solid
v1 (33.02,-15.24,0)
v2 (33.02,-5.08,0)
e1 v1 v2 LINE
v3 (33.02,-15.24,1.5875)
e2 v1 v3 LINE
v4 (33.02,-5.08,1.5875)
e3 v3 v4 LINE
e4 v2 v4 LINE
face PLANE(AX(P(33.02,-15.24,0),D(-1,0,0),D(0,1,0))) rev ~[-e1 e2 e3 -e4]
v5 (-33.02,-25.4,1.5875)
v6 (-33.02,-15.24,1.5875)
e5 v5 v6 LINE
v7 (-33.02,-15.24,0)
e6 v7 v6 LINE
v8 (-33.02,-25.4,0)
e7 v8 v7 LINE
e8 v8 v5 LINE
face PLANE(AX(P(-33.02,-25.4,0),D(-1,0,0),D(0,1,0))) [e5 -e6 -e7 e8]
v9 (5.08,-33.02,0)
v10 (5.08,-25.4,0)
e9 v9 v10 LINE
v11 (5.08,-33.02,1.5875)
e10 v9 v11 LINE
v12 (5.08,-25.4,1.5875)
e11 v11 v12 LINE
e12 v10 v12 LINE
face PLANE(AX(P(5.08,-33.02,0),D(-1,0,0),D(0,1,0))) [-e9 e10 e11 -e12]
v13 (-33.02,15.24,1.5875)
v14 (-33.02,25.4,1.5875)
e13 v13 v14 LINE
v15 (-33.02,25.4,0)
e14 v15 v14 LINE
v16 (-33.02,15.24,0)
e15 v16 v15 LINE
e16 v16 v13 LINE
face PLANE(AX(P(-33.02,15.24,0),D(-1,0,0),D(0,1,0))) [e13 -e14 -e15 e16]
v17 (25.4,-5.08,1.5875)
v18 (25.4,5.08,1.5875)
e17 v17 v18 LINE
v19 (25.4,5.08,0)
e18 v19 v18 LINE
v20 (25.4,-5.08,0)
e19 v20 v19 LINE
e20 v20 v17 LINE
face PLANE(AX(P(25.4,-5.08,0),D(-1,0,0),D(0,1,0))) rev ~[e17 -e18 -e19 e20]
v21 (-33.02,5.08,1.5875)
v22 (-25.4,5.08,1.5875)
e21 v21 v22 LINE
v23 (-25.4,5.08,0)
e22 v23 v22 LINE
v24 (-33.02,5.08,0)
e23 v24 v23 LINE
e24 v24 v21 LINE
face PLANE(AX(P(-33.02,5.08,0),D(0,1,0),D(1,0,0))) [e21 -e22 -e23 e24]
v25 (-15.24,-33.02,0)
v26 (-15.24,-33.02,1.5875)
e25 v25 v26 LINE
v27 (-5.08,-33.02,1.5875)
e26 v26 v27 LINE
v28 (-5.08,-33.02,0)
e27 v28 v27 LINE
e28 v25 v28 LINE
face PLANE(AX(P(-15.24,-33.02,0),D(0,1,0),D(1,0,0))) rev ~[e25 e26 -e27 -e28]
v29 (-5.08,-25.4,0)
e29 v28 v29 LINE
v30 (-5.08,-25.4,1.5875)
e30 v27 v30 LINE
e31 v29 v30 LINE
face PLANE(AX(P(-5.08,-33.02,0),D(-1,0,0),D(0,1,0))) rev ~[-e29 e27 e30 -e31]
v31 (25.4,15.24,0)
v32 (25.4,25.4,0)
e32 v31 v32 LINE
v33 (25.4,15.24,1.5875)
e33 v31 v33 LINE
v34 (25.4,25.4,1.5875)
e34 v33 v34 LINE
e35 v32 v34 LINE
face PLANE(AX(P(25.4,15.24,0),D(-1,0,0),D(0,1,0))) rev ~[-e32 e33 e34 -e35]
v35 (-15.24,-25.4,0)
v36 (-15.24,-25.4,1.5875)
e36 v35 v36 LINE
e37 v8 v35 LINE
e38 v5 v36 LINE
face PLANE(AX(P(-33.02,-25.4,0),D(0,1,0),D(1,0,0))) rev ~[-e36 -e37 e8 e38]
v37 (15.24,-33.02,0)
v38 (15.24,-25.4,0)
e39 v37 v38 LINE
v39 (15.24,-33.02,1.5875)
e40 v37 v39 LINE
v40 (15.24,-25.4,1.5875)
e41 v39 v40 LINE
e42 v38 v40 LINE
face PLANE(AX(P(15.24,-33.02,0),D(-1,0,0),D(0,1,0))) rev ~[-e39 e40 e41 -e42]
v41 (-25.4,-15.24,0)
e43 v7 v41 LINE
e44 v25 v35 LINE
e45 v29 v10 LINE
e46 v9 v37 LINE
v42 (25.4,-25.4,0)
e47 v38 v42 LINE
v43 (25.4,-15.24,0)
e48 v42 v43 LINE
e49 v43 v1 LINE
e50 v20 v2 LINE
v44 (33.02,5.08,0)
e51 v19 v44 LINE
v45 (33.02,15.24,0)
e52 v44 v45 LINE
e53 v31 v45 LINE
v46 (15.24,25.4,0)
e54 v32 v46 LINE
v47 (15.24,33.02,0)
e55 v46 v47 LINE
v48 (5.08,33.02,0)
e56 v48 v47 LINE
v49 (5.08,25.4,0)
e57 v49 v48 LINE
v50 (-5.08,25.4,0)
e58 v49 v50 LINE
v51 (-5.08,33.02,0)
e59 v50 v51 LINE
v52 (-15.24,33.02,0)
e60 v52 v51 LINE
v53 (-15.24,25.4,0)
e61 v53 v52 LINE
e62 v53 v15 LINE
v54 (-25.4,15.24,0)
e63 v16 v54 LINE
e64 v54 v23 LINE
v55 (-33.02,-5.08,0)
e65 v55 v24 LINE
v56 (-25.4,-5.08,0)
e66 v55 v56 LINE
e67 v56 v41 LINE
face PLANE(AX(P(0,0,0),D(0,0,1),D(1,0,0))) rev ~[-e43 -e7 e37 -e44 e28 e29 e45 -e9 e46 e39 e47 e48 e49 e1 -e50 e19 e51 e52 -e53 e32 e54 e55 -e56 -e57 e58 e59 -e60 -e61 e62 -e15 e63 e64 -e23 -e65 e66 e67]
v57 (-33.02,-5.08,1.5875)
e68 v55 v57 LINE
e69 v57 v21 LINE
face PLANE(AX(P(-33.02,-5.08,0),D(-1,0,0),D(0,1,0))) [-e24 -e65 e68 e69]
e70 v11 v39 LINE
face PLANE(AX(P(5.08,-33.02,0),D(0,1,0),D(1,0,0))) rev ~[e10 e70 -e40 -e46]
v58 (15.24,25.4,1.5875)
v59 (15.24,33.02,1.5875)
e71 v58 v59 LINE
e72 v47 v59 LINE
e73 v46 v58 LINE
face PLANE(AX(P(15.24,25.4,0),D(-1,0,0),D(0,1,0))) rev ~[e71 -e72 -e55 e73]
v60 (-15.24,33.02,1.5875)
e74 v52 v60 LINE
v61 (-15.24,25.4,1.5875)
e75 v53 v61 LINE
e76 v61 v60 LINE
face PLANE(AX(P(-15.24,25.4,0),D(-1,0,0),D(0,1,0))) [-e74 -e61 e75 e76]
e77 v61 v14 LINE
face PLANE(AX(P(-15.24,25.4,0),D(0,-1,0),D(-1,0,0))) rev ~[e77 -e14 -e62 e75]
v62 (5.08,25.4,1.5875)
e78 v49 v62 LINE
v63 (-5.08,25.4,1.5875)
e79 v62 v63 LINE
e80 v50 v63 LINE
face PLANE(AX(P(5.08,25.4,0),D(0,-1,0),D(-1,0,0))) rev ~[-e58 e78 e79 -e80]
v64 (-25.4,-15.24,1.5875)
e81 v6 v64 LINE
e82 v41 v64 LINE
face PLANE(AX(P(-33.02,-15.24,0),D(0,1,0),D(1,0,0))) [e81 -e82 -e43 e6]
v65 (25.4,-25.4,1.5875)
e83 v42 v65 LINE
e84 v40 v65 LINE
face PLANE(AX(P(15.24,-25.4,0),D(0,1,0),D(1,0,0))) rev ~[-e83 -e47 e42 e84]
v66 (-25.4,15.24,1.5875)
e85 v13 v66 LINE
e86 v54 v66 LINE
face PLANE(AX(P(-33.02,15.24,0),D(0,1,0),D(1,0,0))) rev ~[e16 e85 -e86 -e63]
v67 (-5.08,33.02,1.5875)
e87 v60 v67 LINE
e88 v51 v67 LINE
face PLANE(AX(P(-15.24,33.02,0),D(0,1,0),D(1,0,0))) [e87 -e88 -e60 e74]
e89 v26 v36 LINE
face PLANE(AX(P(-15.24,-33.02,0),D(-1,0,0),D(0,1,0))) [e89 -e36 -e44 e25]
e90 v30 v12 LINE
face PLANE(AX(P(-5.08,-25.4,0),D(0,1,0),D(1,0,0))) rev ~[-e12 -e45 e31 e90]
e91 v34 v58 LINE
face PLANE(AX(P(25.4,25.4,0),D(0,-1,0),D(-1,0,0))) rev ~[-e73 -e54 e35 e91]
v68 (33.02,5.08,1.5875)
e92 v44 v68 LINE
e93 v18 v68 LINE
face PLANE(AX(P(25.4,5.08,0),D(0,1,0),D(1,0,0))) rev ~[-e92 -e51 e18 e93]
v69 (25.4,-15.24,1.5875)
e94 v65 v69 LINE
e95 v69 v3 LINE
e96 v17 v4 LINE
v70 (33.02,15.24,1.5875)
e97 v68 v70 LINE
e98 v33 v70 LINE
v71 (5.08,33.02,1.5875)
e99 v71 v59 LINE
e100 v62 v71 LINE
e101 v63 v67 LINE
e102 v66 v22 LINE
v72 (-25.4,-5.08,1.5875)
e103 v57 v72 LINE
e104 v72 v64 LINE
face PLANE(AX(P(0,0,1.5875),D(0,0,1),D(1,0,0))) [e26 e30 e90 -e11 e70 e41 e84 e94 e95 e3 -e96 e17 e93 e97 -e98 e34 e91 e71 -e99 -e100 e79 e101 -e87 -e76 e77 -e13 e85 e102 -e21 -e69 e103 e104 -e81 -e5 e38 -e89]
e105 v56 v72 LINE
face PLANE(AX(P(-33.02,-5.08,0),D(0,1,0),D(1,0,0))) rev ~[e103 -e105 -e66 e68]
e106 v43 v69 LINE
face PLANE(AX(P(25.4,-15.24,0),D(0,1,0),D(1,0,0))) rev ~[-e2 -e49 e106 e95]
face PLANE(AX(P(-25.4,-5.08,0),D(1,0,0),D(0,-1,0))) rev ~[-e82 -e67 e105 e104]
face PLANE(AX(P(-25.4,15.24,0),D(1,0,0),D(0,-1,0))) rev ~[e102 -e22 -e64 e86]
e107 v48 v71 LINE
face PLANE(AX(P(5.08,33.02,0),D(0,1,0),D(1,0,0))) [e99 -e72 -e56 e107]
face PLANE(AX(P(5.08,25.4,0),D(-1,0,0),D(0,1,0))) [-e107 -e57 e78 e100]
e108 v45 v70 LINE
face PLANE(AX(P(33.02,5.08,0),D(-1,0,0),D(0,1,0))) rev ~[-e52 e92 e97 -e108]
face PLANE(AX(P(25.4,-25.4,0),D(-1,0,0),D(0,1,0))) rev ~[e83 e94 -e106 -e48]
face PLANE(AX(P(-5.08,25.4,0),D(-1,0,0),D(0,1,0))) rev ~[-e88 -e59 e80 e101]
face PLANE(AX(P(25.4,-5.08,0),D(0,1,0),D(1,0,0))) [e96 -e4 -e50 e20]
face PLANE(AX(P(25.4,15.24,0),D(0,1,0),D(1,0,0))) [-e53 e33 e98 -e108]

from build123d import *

# Parameters (mm, degrees)
F0_W     = 7.62
F0_H     = 10.16
F0_W_2   = 10.16
F0_H_2   = 7.62
F1_DEPTH = 1.5875


with BuildPart() as f1:
    # F0 (on Top) → F1 (new body)
    with BuildSketch(Plane.XY):
        Polygon((25.4, 15.24), (25.4, 25.4), (15.24, 25.4), (5.08, 25.4), (-5.08, 25.4), (-15.24, 25.4), (-25.4, 25.4), (-25.4, 15.24), (-25.4, 5.08), (-25.4, -5.08), (-25.4, -15.24), (-25.4, -25.4), (-15.24, -25.4), (-5.08, -25.4), (5.08, -25.4), (15.24, -25.4), (25.4, -25.4), (25.4, -15.24), (25.4, -5.08), (25.4, 5.08), align=None)
        with Locations((-29.21, 0)):
            Rectangle(F0_W, F0_H)
        with Locations((-29.21, 20.32)):
            Rectangle(F0_W, F0_H)
        with Locations((-10.16, 29.21)):
            Rectangle(F0_W_2, F0_H_2)
        with Locations((10.16, 29.21)):
            Rectangle(F0_W_2, F0_H_2)
        with Locations((29.21, 10.16)):
            Rectangle(F0_W, F0_H)
        with Locations((29.21, -10.16)):
            Rectangle(F0_W, F0_H)
        with Locations((10.16, -29.21)):
            Rectangle(F0_W_2, F0_H_2)
        with Locations((-10.16, -29.21)):
            Rectangle(F0_W_2, F0_H_2)
        with Locations((-29.21, -20.32)):
            Rectangle(F0_W, F0_H)
    extrude(amount=F1_DEPTH)


solid = f1.part
